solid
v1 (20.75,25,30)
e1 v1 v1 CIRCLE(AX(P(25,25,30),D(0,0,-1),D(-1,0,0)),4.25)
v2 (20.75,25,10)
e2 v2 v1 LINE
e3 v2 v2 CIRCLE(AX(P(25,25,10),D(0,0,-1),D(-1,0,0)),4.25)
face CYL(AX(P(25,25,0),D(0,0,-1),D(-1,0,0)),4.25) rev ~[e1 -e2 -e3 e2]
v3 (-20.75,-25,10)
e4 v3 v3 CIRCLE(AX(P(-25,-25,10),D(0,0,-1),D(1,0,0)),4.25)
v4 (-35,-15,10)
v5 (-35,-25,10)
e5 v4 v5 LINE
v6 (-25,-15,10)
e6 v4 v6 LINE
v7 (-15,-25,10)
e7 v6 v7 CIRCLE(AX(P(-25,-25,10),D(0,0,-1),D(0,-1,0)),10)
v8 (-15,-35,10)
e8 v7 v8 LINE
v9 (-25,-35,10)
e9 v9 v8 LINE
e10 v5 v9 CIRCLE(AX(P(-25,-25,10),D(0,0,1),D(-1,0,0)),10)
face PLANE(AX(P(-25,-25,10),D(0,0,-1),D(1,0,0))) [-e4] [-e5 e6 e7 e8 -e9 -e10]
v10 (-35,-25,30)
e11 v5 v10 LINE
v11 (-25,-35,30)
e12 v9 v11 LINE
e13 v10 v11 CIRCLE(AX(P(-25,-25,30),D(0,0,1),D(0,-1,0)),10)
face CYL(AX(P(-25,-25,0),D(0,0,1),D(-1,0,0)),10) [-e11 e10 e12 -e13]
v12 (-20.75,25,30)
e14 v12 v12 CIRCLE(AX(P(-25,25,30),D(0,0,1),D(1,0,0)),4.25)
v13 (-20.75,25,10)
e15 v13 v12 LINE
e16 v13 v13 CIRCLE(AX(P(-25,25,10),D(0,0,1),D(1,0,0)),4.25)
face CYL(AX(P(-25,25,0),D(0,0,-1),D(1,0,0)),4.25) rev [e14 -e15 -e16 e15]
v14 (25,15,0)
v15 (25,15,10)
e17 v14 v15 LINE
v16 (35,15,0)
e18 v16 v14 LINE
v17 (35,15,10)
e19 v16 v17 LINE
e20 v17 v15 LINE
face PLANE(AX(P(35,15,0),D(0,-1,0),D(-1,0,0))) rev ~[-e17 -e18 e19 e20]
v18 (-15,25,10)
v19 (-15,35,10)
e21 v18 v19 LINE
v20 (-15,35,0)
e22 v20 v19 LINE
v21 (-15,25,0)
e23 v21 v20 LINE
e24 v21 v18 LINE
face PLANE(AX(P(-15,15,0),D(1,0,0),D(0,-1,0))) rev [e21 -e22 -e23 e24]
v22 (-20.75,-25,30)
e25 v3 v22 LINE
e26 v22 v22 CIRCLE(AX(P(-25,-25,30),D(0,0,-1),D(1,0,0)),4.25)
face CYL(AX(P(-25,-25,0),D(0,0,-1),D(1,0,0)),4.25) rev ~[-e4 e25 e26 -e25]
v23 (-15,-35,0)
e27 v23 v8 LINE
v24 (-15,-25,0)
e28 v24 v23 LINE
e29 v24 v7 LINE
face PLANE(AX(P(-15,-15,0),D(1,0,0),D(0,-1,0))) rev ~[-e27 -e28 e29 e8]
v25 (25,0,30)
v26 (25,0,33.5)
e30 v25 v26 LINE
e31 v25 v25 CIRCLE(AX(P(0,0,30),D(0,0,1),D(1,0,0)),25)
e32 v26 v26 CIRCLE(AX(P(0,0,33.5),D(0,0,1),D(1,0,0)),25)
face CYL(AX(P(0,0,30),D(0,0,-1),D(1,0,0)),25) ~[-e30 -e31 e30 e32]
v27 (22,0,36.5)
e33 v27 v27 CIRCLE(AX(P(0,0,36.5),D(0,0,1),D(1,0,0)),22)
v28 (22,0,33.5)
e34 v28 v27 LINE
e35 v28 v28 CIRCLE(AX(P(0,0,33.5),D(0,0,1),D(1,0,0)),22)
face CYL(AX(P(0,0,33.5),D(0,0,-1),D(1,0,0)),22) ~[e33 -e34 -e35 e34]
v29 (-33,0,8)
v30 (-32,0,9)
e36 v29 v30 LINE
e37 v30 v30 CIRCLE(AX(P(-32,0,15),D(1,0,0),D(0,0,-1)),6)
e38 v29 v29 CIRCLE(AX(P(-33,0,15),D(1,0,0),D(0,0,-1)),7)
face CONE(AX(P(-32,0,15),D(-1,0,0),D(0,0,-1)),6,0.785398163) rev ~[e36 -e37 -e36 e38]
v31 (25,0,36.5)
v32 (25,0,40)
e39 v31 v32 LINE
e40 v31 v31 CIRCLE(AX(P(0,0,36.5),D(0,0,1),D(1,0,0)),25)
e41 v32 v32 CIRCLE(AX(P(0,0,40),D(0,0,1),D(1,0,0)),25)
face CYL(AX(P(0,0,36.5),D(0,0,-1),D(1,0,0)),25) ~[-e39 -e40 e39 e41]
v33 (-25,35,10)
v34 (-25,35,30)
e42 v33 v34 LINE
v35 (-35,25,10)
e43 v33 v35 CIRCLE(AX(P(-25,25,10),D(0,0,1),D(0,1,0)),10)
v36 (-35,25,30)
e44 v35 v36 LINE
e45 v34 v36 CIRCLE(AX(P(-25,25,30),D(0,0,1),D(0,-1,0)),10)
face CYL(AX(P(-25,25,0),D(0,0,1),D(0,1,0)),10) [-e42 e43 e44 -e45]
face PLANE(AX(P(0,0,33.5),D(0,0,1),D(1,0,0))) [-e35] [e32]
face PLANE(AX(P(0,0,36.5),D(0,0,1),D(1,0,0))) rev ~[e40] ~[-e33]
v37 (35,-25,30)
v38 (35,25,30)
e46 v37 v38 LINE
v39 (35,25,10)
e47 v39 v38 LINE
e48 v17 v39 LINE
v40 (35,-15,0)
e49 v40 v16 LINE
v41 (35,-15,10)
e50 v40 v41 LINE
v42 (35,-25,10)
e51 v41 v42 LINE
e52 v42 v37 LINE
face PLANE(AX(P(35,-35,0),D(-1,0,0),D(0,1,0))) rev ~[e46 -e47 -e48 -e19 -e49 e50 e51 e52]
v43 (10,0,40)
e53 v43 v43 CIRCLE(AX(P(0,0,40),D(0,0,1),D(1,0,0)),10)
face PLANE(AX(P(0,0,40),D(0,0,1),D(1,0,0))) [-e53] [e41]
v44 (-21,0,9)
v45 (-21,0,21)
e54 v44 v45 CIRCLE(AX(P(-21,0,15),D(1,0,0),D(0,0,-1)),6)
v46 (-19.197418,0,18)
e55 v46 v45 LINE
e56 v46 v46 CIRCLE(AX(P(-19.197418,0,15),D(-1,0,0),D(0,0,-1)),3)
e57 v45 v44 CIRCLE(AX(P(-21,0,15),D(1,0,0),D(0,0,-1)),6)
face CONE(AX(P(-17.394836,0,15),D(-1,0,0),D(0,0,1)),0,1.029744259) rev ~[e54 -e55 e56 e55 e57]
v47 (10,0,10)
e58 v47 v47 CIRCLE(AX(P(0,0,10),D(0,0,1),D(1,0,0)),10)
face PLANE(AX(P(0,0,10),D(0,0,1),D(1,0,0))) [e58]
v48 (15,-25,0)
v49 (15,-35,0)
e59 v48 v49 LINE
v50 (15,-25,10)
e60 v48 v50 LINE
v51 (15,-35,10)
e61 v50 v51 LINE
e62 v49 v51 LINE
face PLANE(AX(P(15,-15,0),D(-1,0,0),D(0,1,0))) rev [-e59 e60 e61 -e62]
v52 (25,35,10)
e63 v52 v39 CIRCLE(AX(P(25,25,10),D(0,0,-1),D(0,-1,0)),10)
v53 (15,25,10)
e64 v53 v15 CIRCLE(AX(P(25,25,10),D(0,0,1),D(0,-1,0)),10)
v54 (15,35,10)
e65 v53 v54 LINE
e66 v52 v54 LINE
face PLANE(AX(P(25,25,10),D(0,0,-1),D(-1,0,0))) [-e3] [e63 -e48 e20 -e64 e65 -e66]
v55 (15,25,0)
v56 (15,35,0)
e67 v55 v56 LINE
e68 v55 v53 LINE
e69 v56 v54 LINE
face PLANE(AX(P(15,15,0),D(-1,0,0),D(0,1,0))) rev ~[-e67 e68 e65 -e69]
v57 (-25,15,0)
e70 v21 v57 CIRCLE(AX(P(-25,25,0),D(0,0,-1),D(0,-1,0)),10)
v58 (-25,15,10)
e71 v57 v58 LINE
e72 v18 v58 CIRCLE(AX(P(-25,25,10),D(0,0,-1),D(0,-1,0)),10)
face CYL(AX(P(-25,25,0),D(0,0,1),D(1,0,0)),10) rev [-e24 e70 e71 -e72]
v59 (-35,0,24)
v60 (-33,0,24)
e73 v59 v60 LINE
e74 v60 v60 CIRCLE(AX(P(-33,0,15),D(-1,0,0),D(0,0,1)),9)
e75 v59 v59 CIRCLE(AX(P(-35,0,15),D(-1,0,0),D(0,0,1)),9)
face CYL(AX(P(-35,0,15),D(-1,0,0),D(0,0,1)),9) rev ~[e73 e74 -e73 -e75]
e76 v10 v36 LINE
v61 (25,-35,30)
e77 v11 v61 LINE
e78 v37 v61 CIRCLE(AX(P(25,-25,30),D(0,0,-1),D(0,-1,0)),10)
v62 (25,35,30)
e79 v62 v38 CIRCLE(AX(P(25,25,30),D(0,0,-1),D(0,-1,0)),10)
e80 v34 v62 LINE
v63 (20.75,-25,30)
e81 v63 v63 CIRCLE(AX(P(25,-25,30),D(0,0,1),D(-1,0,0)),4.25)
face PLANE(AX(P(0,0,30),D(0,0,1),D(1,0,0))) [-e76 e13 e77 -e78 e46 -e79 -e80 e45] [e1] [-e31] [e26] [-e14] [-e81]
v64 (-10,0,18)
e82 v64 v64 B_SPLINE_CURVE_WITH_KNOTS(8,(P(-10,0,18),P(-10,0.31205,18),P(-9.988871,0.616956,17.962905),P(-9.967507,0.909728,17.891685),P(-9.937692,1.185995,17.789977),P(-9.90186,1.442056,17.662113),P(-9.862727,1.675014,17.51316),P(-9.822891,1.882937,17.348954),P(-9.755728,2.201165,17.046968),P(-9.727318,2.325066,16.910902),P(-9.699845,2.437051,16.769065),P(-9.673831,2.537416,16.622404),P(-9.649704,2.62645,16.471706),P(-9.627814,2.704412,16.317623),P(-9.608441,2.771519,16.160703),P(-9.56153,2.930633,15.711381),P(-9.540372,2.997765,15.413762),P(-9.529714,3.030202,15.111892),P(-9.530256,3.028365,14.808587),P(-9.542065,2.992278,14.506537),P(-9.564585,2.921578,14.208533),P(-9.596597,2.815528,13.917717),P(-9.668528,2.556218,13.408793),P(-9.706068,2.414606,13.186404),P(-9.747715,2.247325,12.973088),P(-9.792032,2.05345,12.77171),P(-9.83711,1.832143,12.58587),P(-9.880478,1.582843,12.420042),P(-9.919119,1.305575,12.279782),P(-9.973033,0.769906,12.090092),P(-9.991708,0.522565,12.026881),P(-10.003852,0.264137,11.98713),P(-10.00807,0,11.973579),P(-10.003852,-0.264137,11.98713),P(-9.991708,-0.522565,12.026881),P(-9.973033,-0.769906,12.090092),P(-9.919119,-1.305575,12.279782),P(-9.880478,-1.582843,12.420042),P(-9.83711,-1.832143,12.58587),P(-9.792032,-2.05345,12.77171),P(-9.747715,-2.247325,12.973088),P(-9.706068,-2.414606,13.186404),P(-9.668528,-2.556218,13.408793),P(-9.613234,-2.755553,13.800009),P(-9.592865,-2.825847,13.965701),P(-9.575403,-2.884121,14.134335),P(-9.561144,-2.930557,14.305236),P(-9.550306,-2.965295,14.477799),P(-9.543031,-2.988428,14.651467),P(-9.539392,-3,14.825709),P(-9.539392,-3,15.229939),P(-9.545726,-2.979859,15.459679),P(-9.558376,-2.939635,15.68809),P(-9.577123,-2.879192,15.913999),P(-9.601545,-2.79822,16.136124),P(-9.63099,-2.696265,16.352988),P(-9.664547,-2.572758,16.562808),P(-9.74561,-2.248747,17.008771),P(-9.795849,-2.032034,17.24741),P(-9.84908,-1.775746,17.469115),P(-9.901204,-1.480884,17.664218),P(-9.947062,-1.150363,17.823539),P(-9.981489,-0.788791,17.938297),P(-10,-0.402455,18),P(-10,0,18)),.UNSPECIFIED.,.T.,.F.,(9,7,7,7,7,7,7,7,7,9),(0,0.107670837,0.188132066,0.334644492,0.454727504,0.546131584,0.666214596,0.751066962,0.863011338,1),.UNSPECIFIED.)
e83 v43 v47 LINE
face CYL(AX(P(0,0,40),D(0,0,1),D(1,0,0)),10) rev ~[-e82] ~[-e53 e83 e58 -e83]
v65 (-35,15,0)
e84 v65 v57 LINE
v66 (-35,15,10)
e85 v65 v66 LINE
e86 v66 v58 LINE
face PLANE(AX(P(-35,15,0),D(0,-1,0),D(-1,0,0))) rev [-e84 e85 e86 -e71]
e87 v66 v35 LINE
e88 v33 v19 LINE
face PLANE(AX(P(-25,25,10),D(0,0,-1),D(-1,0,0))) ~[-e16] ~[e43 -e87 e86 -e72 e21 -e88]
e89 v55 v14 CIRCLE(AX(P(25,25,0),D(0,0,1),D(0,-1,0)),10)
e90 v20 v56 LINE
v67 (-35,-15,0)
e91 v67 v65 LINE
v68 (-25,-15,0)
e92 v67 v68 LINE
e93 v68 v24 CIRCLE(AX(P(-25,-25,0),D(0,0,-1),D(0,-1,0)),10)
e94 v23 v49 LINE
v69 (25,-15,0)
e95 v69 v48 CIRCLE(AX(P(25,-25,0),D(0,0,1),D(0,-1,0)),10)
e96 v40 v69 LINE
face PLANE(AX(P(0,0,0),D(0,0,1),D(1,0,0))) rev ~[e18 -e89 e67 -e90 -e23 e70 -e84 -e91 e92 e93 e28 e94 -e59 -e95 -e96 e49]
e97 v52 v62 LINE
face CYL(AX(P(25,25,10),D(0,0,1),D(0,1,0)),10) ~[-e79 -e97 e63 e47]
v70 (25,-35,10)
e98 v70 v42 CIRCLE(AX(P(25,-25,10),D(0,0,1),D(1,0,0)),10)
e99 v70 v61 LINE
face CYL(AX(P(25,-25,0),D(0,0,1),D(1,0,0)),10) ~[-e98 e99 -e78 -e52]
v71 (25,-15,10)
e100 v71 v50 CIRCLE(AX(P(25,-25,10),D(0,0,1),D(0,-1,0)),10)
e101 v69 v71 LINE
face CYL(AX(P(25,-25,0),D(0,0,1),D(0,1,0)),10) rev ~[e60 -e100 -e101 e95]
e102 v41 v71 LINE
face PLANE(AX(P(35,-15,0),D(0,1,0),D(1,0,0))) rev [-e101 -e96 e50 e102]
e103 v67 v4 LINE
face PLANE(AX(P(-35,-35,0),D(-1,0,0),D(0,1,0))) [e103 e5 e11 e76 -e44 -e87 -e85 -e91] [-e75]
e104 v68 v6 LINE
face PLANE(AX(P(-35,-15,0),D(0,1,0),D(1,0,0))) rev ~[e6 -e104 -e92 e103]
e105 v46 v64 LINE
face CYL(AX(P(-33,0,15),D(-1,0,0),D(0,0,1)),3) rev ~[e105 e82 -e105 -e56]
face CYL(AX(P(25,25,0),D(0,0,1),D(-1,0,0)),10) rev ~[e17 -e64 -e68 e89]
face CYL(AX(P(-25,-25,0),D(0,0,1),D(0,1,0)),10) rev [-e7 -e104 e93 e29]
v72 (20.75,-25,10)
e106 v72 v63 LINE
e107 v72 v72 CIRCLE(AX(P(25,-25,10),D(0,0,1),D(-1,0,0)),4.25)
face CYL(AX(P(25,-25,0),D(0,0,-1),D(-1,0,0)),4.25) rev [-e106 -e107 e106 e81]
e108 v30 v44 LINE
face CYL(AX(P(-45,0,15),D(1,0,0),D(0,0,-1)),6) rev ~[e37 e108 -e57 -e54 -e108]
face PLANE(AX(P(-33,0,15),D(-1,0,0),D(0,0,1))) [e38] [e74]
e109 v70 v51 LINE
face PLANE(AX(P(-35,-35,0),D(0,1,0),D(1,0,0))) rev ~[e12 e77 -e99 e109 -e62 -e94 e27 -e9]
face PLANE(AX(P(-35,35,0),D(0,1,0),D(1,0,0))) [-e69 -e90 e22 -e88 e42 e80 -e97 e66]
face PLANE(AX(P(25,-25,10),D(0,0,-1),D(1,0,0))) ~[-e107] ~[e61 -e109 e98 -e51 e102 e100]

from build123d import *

# Parameters (mm, degrees)
SKETCH1_W               = 70
SKETCH1_H               = 70
BOSS_EXTRUDE1_DEPTH     = 30
SKETCH2_R               = 25
BOSS_EXTRUDE2_DEPTH     = 3.5
SKETCH3_R               = 22
BOSS_EXTRUDE3_DEPTH     = 3
SKETCH4_R               = 25
BOSS_EXTRUDE4_DEPTH     = 3.5
CUT_EXTRUDE1_REACH      = 65.64
SKETCH5_R               = 4.25
SKETCH5_3_W             = 20
SKETCH5_3_H             = 20
SKETCH5_3_R             = 4.25
CUT_EXTRUDE2_DEPTH      = 10
FILLET1_R               = 10
FILLET2_R               = 10
SKETCH7_R               = 10
CUT_EXTRUDE3_DEPTH      = 30
SKETCH8_R               = 9
CUT_EXTRUDE4_DEPTH      = 2
MIRROR6_COPY_1_REACH    = 65.64
MIRROR6_COPY_1_SKETCH_R = 4.25
MIRROR6_COPY_2_SKETCH_W = 20
MIRROR6_COPY_2_SKETCH_H = 20
MIRROR6_COPY_2_SKETCH_R = 4.25
MIRROR6_COPY_2_DEPTH    = 10
FILLET3_R               = 10
M14_TAPPED_HOLE1_D      = 12
M14_TAPPED_HOLE1_DEPTH  = 12
M14_TAPPED_HOLE1_TIP    = 3.605163714
CHAMFER1_SIZE           = 1
CUT_EXTRUDE5_REACH      = 88.308
CUT_EXTRUDE5_END_RADIUS = 10
SKETCH13_R              = 3


with BuildPart() as part:
    # Sketch1 → Boss-Extrude1 (new body)
    with BuildSketch(Plane.XY):
        Rectangle(SKETCH1_W, SKETCH1_H)
    extrude(amount=BOSS_EXTRUDE1_DEPTH)

    # Sketch2 → Boss-Extrude2 (add)
    with BuildSketch(Plane.XY.offset(30)):
        Circle(SKETCH2_R)
    extrude(amount=BOSS_EXTRUDE2_DEPTH)

    # Sketch3 → Boss-Extrude3 (add)
    with BuildSketch(Plane.XY.offset(33.5)):
        Circle(SKETCH3_R)
    extrude(amount=BOSS_EXTRUDE3_DEPTH)

    # Sketch4 → Boss-Extrude4 (add)
    with BuildSketch(Plane.XY.offset(36.5)):
        Circle(SKETCH4_R)
    extrude(amount=BOSS_EXTRUDE4_DEPTH)

    # Sketch5 → Cut-Extrude1 (cut, up to next)
    with BuildSketch(Plane(origin=(0, 0, 0), x_dir=(-1, 0, 0), z_dir=(0, 0, -1)), mode=Mode.PRIVATE) as cut_extrude1_sk1:
        with Locations((-25, 25)):
            Circle(SKETCH5_R)
    cut_extrude1_tool1 = extrude(cut_extrude1_sk1.sketch, amount=-CUT_EXTRUDE1_REACH, mode=Mode.PRIVATE) & part.part
    cut_extrude1 = cut_extrude1_tool1.solids().sort_by_distance((25, 25, 0))[0]
    add(cut_extrude1, mode=Mode.SUBTRACT)

    # Sketch5<3> → Cut-Extrude2 (cut)
    with BuildSketch(Plane(origin=(0, 0, 0), x_dir=(-1, 0, 0), z_dir=(0, 0, -1))):
        with Locations((-25, 25)):
            Rectangle(SKETCH5_3_W, SKETCH5_3_H)
        with Locations((-25, 25)):
            Circle(SKETCH5_3_R, mode=Mode.SUBTRACT)
    cut_extrude2 = extrude(amount=-CUT_EXTRUDE2_DEPTH, mode=Mode.SUBTRACT)

    # Fillet1
    fillet1_edges = [part.edges().sort_by_distance(p)[0] for p in [
        (15, 15, 5),
        (35, 35, 20),
    ]]
    fillet(fillet1_edges, radius=FILLET1_R)

    # Fillet2
    fillet2_edges = [part.edges().sort_by_distance(p)[0] for p in [
        (-35, 35, 15),
        (35, -35, 15),
        (-35, -35, 15),
    ]]
    fillet(fillet2_edges, radius=FILLET2_R)

    # Sketch7 → Cut-Extrude3 (cut)
    with BuildSketch(Plane.XY.offset(40)):
        Circle(SKETCH7_R)
    extrude(amount=-CUT_EXTRUDE3_DEPTH, mode=Mode.SUBTRACT)

    # Sketch8 → Cut-Extrude4 (cut)
    with BuildSketch(Plane.ZY.offset(35)):
        with Locations((15, 0)):
            Circle(SKETCH8_R)
    extrude(amount=-CUT_EXTRUDE4_DEPTH, mode=Mode.SUBTRACT)

    # Mirror5: Cut-Extrude1, Cut-Extrude2 across plane
    add(cut_extrude1.mirror(Plane.ZX), mode=Mode.SUBTRACT)
    add(cut_extrude2.mirror(Plane.ZX), mode=Mode.SUBTRACT)

    # Mirror6: Cut-Extrude1, Cut-Extrude2 across plane
    add(cut_extrude1.mirror(Plane(origin=(0, 0, 0), x_dir=(0, 0, 1), z_dir=(1, 0, 0))), mode=Mode.SUBTRACT)
    add(cut_extrude2.mirror(Plane(origin=(0, 0, 0), x_dir=(0, 0, 1), z_dir=(1, 0, 0))), mode=Mode.SUBTRACT)

    # Mirror6 copy 1 sketch → Mirror6 copy 1 (cut, up to next)
    with BuildSketch(Plane(origin=(0, 0, 0), x_dir=(1, 0, 0), z_dir=(0, 0, -1)), mode=Mode.PRIVATE) as mirror6_copy_1_sk1:
        with Locations((-25, 25)):
            Circle(MIRROR6_COPY_1_SKETCH_R)
    mirror6_copy_1_tool1 = extrude(mirror6_copy_1_sk1.sketch, amount=-MIRROR6_COPY_1_REACH, mode=Mode.PRIVATE) & part.part
    add(mirror6_copy_1_tool1.solids().sort_by_distance((-25, -25, 0))[0], mode=Mode.SUBTRACT)

    # Mirror6 copy 2 sketch → Mirror6 copy 2 (cut)
    with BuildSketch(Plane(origin=(0, 0, 0), x_dir=(1, 0, 0), z_dir=(0, 0, -1))):
        with Locations((-25, 25)):
            Rectangle(MIRROR6_COPY_2_SKETCH_W, MIRROR6_COPY_2_SKETCH_H)
        with Locations((-25, 25)):
            Circle(MIRROR6_COPY_2_SKETCH_R, mode=Mode.SUBTRACT)
    extrude(amount=-MIRROR6_COPY_2_DEPTH, mode=Mode.SUBTRACT)

    # Fillet3
    fillet3_edges = [part.edges().sort_by_distance(p)[0] for p in [
        (-15, 15, 5),
        (-15, -15, 5),
        (15, -15, 5),
    ]]
    fillet(fillet3_edges, radius=FILLET3_R)

    # M14 Tapped Hole1
    with Locations(Plane.ZY.offset(33)):
        with Locations((15, 0)):
            Hole(M14_TAPPED_HOLE1_D / 2, depth=M14_TAPPED_HOLE1_DEPTH)
            with Locations((0, 0, -(M14_TAPPED_HOLE1_DEPTH + M14_TAPPED_HOLE1_TIP / 2))):  # 118° drill point
                Cone(0, M14_TAPPED_HOLE1_D / 2, M14_TAPPED_HOLE1_TIP, mode=Mode.SUBTRACT)

    # Chamfer1
    chamfer1_edges = [part.edges().sort_by_distance(p)[0] for p in [
        (-33, 0, 21),
    ]]
    chamfer(chamfer1_edges, length=CHAMFER1_SIZE)

    # Cut-Extrude5: up to this cylinder (the profile starts outside it)
    cut_extrude5_end = Plane(origin=(0, 0, 15), z_dir=(0, 0, 1)) * Cylinder(CUT_EXTRUDE5_END_RADIUS, 197.616, mode=Mode.PRIVATE)
    # Sketch13 → Cut-Extrude5 (cut, up to the surface)
    with BuildSketch(Plane.ZY.offset(33), mode=Mode.PRIVATE) as cut_extrude5_sk1:
        with Locations((15, 0)):
            Circle(SKETCH13_R)
    cut_extrude5_tool1 = extrude(cut_extrude5_sk1.sketch, amount=-CUT_EXTRUDE5_REACH, mode=Mode.PRIVATE) - cut_extrude5_end
    add(cut_extrude5_tool1.solids().sort_by_distance((-33, 0, 15))[0], mode=Mode.SUBTRACT)


solid = part.part
